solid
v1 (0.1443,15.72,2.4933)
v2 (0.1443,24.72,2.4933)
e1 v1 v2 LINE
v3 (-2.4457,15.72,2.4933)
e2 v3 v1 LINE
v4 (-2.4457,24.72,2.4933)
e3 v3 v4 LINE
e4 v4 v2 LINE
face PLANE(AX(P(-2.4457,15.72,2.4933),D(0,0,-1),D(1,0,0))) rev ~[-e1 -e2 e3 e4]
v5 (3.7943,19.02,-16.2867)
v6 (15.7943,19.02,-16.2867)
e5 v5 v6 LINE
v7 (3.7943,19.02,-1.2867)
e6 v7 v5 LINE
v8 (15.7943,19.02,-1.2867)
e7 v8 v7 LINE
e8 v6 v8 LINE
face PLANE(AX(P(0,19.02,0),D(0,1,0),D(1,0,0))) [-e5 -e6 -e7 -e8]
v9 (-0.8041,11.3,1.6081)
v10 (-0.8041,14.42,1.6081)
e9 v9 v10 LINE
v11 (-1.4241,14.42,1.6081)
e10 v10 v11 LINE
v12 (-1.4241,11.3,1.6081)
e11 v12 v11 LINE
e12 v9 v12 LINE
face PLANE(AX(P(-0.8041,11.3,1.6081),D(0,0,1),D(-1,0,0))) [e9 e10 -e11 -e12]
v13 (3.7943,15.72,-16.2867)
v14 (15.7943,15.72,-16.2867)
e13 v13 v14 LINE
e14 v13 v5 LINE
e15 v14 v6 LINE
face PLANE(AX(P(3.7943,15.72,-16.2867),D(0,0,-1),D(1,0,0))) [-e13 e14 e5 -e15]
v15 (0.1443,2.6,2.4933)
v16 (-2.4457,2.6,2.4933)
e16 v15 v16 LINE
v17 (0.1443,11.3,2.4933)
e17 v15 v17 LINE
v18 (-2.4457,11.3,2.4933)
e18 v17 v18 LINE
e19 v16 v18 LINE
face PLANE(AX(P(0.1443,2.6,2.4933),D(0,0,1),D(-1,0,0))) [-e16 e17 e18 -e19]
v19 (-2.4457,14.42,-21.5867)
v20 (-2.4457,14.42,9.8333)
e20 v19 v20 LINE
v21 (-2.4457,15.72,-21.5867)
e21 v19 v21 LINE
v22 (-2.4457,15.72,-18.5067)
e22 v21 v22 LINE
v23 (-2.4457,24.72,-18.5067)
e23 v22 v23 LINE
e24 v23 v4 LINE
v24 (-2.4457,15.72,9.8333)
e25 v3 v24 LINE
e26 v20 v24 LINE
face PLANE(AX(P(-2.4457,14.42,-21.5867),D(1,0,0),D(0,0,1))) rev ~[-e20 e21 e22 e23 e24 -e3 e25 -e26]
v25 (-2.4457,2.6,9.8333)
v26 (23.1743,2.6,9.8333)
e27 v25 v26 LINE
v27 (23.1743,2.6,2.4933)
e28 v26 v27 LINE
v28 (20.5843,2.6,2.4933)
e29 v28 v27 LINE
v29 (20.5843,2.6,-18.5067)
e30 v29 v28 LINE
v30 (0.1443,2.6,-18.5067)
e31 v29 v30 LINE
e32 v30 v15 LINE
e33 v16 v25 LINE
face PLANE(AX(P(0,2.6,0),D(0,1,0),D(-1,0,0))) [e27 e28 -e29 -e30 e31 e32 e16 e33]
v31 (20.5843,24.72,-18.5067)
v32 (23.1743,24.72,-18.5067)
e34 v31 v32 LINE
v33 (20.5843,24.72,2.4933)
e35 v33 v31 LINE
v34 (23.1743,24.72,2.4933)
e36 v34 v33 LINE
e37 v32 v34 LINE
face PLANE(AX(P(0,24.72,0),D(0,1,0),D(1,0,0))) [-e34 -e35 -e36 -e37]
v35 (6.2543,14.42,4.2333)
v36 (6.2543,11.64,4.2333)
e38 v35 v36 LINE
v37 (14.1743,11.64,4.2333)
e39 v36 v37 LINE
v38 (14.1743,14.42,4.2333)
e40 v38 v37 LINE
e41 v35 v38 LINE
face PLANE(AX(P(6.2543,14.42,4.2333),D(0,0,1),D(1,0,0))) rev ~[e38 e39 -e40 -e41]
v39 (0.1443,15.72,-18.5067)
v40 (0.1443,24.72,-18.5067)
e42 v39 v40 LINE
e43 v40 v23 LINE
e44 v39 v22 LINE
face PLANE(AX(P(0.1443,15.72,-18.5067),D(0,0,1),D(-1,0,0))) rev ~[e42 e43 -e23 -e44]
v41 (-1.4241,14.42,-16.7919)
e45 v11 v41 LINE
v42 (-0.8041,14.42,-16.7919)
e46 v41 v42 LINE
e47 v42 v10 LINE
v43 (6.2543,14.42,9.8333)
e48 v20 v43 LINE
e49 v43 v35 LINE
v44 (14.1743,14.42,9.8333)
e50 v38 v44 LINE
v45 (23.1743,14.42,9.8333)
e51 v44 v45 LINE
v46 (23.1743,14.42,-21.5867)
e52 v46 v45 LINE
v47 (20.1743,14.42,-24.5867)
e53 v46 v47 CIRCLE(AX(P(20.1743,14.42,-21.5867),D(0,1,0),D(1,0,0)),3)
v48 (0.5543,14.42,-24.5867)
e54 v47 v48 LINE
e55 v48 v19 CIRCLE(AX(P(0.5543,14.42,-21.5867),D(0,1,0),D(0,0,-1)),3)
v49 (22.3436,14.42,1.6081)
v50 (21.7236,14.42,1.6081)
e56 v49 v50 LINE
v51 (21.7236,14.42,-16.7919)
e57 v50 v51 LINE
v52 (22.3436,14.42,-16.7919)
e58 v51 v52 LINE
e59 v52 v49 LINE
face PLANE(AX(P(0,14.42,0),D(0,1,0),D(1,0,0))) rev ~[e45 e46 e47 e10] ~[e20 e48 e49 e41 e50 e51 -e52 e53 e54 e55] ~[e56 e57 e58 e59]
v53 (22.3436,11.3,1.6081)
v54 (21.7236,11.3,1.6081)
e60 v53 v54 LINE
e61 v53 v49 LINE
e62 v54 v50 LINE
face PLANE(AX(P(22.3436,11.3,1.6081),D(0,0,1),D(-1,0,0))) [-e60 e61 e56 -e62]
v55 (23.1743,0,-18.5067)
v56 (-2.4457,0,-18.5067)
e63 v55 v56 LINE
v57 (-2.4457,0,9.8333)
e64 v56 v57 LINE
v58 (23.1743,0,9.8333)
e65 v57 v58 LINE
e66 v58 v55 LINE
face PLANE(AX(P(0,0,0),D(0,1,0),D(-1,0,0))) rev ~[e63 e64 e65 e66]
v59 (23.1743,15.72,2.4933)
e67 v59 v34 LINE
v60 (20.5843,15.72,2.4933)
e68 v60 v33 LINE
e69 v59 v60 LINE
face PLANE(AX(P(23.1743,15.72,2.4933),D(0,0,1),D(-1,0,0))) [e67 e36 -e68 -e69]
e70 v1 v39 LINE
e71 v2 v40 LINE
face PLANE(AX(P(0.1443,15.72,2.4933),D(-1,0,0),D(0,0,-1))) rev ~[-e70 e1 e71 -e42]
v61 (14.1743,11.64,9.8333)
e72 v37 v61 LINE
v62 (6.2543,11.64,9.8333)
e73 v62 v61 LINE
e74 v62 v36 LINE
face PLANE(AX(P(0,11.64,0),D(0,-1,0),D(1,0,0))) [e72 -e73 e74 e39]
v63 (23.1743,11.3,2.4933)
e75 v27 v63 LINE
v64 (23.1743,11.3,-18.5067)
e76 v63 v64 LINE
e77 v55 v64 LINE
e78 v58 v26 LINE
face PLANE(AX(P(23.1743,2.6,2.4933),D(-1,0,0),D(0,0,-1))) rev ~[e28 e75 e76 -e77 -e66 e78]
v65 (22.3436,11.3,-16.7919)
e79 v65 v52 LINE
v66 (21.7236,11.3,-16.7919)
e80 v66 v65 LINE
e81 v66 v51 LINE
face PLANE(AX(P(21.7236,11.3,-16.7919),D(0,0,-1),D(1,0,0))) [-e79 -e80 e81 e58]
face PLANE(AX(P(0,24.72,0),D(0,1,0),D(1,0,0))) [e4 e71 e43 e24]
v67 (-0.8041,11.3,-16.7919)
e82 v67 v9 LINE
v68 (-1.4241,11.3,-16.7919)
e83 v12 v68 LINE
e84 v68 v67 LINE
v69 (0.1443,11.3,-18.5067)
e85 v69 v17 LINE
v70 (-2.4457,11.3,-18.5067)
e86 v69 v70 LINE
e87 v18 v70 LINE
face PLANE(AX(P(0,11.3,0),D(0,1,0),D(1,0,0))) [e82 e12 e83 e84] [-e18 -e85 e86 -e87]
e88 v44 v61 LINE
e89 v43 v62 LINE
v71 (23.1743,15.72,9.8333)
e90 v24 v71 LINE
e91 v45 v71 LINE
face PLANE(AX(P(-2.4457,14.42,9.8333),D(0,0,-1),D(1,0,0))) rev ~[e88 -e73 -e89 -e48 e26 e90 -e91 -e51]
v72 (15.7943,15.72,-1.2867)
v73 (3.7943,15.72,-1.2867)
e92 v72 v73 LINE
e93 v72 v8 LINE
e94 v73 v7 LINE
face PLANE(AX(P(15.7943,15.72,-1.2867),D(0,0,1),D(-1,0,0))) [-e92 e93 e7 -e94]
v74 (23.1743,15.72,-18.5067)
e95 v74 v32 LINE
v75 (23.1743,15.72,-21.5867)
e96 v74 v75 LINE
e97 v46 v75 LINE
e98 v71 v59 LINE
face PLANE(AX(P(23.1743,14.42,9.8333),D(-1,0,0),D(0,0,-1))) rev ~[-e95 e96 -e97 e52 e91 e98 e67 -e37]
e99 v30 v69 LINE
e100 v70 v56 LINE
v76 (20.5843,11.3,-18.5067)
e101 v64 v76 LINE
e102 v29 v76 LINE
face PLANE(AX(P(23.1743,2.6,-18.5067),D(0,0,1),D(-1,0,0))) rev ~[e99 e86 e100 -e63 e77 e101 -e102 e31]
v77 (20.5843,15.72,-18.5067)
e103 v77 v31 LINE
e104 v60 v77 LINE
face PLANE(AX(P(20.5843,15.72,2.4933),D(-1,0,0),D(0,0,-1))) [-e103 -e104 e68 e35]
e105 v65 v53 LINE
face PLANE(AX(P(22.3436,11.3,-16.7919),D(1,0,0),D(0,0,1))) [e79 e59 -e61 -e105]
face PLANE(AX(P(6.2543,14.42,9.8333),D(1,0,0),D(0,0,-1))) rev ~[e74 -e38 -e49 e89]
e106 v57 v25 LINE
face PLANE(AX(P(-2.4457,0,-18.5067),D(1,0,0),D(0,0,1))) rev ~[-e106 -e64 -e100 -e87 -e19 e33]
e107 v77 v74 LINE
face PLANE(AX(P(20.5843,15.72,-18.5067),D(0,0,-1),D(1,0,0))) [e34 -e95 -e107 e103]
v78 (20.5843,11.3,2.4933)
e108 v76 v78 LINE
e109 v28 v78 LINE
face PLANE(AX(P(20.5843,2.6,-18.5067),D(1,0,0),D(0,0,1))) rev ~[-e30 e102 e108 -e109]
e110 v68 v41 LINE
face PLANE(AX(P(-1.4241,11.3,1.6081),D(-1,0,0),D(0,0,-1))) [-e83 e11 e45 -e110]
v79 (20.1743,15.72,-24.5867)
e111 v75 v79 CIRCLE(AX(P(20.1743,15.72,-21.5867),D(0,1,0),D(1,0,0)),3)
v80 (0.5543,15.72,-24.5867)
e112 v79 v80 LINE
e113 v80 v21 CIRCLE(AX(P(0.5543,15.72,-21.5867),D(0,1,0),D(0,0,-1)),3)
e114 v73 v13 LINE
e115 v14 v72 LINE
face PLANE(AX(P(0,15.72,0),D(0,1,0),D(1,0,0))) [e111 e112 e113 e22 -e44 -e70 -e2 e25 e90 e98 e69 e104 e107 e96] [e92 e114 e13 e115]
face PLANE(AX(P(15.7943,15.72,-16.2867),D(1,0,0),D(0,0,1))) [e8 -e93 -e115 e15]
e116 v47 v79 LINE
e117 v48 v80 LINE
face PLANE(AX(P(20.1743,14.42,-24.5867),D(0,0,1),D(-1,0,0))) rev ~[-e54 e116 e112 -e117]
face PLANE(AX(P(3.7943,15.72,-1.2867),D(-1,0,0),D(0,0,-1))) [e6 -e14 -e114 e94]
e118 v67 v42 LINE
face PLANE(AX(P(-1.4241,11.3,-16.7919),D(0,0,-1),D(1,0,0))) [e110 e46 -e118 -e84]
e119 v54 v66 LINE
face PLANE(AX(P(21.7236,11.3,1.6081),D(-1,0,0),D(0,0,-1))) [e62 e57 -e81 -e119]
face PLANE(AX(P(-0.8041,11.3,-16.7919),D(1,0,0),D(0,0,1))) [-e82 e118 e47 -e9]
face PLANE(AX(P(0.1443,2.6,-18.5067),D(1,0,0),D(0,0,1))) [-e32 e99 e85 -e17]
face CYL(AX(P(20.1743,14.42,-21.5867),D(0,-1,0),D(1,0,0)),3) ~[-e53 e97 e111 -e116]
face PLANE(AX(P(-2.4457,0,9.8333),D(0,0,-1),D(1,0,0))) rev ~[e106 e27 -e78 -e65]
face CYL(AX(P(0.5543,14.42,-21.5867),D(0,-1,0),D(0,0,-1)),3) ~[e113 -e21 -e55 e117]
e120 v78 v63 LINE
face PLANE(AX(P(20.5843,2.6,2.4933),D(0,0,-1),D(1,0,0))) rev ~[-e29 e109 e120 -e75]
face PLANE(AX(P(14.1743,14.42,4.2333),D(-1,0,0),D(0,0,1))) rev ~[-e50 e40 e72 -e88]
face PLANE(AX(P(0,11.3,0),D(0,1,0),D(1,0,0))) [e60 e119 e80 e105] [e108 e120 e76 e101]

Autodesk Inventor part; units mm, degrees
ref_plane "YZ Plane" through (0, 0, 0) normal (1, 0, 0) x (0, 1, 0)
ref_plane "XZ Plane" through (0, 0, 0) normal (0, 1, 0) x (-1, 0, 0)
ref_plane "XY Plane" through (0, 0, 0) normal (0, 0, 1) x (1, 0, 0)
sketch "Sketch1" plane through (0, 0, 0) normal (0, 1, 0) x (-1, 0, 0)
  line L0 (2.4457, 9.8333) -> (-23.1743, 9.8333)
  line L1 (-23.1743, 9.8333) -> (-23.1743, -18.5067)
  line L2 (-23.1743, -18.5067) -> (2.4457, -18.5067)
  line L3 (2.4457, -18.5067) -> (2.4457, 9.8333)
  point P0 (0, 0)
  dimension "d0" = 28.34
  dimension "d1" = 25.62
extrude "Extrusion1" add sketch "Sketch1" along normal blind 2.6
sketch "Sketch2" plane through (0, 2.6, 0) normal (0, 1, 0) x (1, 0, 0)
  line L0 (23.1743, 18.5067) -> (-2.4457, 18.5067) projected
  line L1 (-2.4457, 18.5067) -> (0.1443, 18.5067)
  line L2 (0.1443, 18.5067) -> (0.1443, -2.4933)
  line L3 (0.1443, -2.4933) -> (-2.4457, -2.4933)
  line L4 (-2.4457, -2.4933) -> (-2.4457, 18.5067)
  point P0 (0, 0)
  dimension "d4" = 21
  dimension "d5" = 2.59
extrude "Extrusion2" add sketch "Sketch2" along normal blind 8.7
sketch "Sketch3" plane through (0, 2.6, 0) normal (0, 1, 0) x (1, 0, 0)
  line L0 (23.1743, 18.5067) -> (20.5843, 18.5067)
  line L1 (20.5843, 18.5067) -> (20.5843, -2.4933)
  line L2 (20.5843, -2.4933) -> (23.1743, -2.4933)
  line L3 (23.1743, -2.4933) -> (23.1743, 18.5067)
  point P0 (0, 0)
  dimension "d8" = 21
  dimension "d9" = 2.59
extrude "Extrusion3" add sketch "Sketch3" along normal blind 8.7
sketch "Sketch4" plane through (0, 11.3, 0) normal (0, 1, 0) x (1, 0, 0)
  line L0 (-1.4241, 16.7919) -> (-0.8041, 16.7919)
  line L1 (-0.8041, 16.7919) -> (-0.8041, -1.6081)
  line L2 (-0.8041, -1.6081) -> (-1.4241, -1.6081)
  line L3 (-1.4241, -1.6081) -> (-1.4241, 16.7919)
  line L4 (21.7236, 16.7919) -> (22.3436, 16.7919)
  line L5 (22.3436, 16.7919) -> (22.3436, -1.6081)
  line L6 (22.3436, -1.6081) -> (21.7236, -1.6081)
  line L7 (21.7236, -1.6081) -> (21.7236, 16.7919)
  point P0 (0, 0)
  dimension "d14" = 18.4
  dimension "d15" = 0.62
  dimension "d16" = 18.4
  dimension "d17" = 0.62
extrude "Extrusion4" add sketch "Sketch4" along normal blind 3.12
sketch "Sketch5" plane through (0, 14.42, 0) normal (0, 1, 0) x (1, 0, 0)
  line L0 (-2.4457, -9.8333) -> (23.1743, -9.8333) projected
  line L1 (23.1743, -9.8333) -> (23.1743, -2.4933) projected
  line L2 (-2.4457, -9.8333) -> (23.1743, -9.8333)
  line L3 (23.1743, -9.8333) -> (23.1743, 21.5867)
  line L4 (20.1743, 24.5867) -> (0.5543, 24.5867)
  line L5 (-2.4457, 21.5867) -> (-2.4457, -9.8333)
  arc A0 (0.5543, 24.5867) -> (-2.4457, 21.5867) centre (0.5543, 21.5867) ccw
  arc A1 (23.1743, 21.5867) -> (20.1743, 24.5867) centre (20.1743, 21.5867) ccw
  point P0 (0, 0)
  point P1 (-2.4457, 24.5867)
  dimension "d18" = 34.42
  dimension "d19" = 3
extrude "Extrusion5" add sketch "Sketch5" along normal blind 1.3
sketch "Sketch6" plane through (0, 15.72, 0) normal (0, 1, 0) x (1, 0, 0)
  line L0 (-2.4457, -2.4933) -> (0.1443, -2.4933) projected
  line L1 (0.1443, 18.5067) -> (-2.4457, 18.5067) projected
  line L2 (-2.4457, -2.4933) -> (0.1443, -2.4933)
  line L3 (0.1443, -2.4933) -> (0.1443, 18.5067)
  line L4 (0.1443, 18.5067) -> (-2.4457, 18.5067)
  line L5 (-2.4457, 18.5067) -> (-2.4457, -2.4933)
  line L6 (23.1743, -2.4933) -> (20.5843, -2.4933) projected
  line L7 (20.5843, 18.5067) -> (0.1443, 18.5067) projected
  line L8 (23.1743, -2.4933) -> (20.5843, -2.4933)
  line L9 (20.5843, -2.4933) -> (20.5843, 18.5067)
  line L10 (20.5843, 18.5067) -> (23.1743, 18.5067)
  line L11 (23.1743, 18.5067) -> (23.1743, -2.4933)
  point P0 (0, 0)
extrude "Extrusion6" add sketch "Sketch6" along normal blind 9
sketch "Sketch7" plane through (0, 15.72, 0) normal (0, 1, 0) x (1, 0, 0)
  line L0 (3.7943, 16.2867) -> (15.7943, 16.2867)
  line L1 (15.7943, 16.2867) -> (15.7943, 1.2867)
  line L2 (15.7943, 1.2867) -> (3.7943, 1.2867)
  line L3 (3.7943, 1.2867) -> (3.7943, 16.2867)
  line L4 (20.5843, 18.5067) -> (20.5843, -2.4933) projected
  line L5 (-2.4457, -9.8333) -> (23.1743, -9.8333) projected
  point P0 (0, 0)
  dimension "d24" = 15
  dimension "d25" = 12
  dimension "d28" = 4.79
  dimension "d29" = 11.12
extrude "Extrusion7" add sketch "Sketch7" along normal blind 3.3
sketch "Sketch8" plane through (0, 14.42, 0) normal (0, -1, 0) x (1, 0, 0)
  line L0 (-2.4457, 9.8333) -> (23.1743, 9.8333) projected
  line L1 (14.1743, 9.8333) -> (6.2543, 9.8333)
  line L2 (6.2543, 9.8333) -> (6.2543, 4.2333)
  line L3 (6.2543, 4.2333) -> (14.1743, 4.2333)
  line L4 (14.1743, 4.2333) -> (14.1743, 9.8333)
  line L5 (23.1743, 9.8333) -> (23.1743, -21.5867) projected
  point P0 (0, 0)
  dimension "d30" = 9
  dimension "d31" = 7.92
  dimension "d32" = 5.6
extrude "Extrusion8" add sketch "Sketch8" along normal blind 2.78
equation "\"d16\" = d14"
equation "\"d17\" = d15"
properties part number "Wemos"
